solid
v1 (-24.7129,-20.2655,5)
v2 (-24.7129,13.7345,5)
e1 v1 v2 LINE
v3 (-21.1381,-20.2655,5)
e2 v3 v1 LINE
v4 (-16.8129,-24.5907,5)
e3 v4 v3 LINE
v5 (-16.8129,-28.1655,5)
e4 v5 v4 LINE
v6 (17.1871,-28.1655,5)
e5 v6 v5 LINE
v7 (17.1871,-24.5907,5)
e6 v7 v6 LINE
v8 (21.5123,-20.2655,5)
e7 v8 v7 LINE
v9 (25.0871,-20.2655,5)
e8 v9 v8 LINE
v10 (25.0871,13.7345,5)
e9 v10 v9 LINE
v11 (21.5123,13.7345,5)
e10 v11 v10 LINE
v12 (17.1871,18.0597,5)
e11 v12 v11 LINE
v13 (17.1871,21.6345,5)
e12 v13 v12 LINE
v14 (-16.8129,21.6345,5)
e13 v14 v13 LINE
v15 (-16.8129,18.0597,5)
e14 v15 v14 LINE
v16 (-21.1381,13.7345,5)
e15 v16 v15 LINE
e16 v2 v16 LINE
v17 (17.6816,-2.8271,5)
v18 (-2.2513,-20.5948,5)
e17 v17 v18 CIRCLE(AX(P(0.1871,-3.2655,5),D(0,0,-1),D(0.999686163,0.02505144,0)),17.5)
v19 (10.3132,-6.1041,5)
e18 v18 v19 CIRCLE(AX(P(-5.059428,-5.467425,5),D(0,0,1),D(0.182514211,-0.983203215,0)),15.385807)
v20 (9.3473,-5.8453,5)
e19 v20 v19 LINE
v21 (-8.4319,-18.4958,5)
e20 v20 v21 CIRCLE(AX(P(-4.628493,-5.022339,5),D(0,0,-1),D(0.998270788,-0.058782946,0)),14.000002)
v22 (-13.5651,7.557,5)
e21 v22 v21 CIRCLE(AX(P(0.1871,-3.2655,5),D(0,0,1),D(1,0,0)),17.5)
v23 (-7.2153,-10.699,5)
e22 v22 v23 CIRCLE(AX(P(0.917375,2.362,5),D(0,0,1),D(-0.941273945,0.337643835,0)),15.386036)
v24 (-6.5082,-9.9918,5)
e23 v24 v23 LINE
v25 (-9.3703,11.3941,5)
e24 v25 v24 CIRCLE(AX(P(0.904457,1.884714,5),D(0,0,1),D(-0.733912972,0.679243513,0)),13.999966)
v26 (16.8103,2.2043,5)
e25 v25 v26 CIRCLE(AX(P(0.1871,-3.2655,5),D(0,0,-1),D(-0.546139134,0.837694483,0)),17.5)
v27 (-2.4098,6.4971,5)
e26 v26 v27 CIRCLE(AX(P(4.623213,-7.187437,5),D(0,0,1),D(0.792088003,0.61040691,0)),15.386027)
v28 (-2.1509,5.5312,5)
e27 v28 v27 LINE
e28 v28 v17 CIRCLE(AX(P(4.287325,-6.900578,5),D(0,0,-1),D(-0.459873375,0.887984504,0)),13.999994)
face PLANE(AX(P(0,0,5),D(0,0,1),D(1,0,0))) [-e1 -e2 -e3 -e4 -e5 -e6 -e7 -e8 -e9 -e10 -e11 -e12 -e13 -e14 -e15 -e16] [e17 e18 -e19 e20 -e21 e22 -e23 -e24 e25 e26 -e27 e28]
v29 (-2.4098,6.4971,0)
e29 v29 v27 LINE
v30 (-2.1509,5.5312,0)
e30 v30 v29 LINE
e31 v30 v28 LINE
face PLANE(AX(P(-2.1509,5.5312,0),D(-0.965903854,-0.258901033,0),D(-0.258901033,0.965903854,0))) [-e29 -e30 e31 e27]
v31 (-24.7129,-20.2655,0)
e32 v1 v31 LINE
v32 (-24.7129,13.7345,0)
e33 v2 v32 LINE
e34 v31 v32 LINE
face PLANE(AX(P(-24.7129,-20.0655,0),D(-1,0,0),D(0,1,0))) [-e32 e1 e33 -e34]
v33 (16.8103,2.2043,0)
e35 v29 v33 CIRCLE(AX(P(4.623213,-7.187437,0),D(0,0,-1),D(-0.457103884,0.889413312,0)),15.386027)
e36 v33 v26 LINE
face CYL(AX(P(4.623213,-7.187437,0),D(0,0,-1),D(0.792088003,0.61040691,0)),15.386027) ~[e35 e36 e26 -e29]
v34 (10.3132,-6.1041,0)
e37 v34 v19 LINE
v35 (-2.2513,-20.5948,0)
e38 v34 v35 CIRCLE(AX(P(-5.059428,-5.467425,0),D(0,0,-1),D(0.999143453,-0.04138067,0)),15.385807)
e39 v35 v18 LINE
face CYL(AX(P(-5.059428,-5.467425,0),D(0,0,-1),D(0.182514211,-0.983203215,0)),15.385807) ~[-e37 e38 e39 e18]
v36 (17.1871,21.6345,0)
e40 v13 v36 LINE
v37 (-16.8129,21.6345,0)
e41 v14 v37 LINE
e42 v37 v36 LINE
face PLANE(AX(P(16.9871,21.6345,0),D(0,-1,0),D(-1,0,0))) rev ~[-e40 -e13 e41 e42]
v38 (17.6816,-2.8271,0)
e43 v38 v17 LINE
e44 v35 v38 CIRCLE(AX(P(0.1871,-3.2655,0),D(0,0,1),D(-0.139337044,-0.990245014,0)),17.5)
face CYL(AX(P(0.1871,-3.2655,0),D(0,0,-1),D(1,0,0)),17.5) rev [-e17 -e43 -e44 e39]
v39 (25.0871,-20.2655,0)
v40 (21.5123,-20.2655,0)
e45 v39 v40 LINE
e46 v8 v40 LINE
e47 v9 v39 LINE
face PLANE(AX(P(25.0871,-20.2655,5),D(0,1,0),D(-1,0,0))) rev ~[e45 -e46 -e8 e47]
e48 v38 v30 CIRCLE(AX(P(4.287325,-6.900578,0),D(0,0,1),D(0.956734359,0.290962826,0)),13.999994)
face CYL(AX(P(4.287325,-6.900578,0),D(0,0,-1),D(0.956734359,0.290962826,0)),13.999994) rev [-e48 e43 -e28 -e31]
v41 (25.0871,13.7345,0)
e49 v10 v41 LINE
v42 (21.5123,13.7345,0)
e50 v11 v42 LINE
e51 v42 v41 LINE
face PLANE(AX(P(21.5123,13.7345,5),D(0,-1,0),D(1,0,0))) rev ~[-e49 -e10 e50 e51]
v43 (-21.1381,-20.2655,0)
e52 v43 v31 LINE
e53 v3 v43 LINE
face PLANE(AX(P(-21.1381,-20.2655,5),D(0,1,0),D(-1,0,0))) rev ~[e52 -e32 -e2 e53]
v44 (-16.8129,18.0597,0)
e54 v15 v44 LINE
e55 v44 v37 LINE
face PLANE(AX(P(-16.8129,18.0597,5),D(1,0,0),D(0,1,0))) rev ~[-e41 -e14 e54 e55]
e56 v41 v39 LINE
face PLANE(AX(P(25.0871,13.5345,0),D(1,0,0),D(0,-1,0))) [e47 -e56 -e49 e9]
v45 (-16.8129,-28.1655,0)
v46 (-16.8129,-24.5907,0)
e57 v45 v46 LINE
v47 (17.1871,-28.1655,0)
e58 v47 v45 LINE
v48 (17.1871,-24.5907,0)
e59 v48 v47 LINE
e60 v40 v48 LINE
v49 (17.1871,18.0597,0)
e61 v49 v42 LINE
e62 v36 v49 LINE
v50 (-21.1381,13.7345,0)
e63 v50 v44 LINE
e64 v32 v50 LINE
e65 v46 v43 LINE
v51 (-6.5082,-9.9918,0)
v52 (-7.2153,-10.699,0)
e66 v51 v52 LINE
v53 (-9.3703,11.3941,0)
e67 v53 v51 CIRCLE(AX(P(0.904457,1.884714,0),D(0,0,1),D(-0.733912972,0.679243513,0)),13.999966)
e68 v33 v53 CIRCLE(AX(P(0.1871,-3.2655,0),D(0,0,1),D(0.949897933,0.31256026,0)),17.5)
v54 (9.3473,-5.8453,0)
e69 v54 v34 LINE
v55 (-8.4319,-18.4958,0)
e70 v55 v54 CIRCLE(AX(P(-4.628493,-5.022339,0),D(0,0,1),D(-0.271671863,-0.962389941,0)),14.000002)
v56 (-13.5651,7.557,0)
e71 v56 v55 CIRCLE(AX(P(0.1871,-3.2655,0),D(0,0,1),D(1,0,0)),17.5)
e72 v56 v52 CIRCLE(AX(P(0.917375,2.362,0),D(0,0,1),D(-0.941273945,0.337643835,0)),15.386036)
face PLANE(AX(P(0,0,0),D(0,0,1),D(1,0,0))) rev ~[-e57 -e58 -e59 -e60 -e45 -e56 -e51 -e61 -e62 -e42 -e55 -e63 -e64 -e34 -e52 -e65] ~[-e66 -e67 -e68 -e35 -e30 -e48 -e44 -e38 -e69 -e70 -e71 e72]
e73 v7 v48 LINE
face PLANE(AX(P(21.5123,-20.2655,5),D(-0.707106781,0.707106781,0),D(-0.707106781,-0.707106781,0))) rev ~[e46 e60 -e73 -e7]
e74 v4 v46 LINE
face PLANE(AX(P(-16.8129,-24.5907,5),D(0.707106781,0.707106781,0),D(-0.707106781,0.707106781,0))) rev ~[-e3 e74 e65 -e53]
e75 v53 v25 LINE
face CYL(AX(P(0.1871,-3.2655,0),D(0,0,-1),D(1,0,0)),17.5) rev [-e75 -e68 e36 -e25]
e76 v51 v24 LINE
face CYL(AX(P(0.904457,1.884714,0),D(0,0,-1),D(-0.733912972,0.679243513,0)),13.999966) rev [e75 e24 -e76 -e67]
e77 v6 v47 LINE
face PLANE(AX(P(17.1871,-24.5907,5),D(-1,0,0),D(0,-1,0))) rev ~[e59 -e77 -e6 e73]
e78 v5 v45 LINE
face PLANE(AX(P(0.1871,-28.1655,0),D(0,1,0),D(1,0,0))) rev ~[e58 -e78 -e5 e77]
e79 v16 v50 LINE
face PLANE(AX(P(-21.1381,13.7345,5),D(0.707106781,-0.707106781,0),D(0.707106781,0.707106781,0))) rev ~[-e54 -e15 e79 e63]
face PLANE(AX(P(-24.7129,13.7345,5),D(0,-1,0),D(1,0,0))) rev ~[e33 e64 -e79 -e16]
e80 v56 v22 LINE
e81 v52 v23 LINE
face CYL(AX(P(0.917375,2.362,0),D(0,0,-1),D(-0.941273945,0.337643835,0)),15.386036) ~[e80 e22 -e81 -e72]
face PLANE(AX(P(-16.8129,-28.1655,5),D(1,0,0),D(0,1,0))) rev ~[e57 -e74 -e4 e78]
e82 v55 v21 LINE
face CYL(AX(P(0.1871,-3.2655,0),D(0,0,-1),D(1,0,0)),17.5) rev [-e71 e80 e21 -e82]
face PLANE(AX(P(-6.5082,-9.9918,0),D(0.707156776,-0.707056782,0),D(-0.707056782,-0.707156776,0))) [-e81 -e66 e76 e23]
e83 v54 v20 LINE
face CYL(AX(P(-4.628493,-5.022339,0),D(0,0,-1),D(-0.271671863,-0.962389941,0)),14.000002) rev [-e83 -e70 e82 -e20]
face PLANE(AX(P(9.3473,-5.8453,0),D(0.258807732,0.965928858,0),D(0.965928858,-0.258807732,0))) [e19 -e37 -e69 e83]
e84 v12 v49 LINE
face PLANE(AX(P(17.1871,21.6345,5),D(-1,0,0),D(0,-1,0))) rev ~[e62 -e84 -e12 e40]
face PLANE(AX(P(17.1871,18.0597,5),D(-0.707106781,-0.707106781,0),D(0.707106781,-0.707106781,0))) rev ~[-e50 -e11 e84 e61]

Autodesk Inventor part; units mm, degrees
ref_plane "YZ Plane" through (0, 0, 0) normal (1, 0, 0) x (0, 1, 0)
ref_plane "XZ Plane" through (0, 0, 0) normal (0, 1, 0) x (-1, 0, 0)
ref_plane "XY Plane" through (0, 0, 0) normal (0, 0, 1) x (1, 0, 0)
sketch "Sketch1" plane through (0, 0, 0) normal (0, 0, 1) x (1, 0, 0)
  line L0 (21.5871, 13.6345) -> (17.0871, 18.1345) projected
  line L1 (17.0871, 18.1345) -> (-16.7129, 18.1345) projected
  line L2 (-16.7129, 18.1345) -> (-21.2129, 13.6345) projected
  line L3 (-21.0966, 13.6345) -> (-21.0966, -20.1655) projected
  line L4 (21.4709, -20.1655) -> (21.4709, 13.6345) projected
  line L5 (21.4709, -20.1655) -> (17.0871, -24.4078) projected
  line L6 (-16.7129, -24.4078) -> (17.0871, -24.4078) projected
  line L7 (-16.7129, -24.4078) -> (-21.0966, -20.1655) projected
  line L8 (-24.7129, -28.1655) -> (-24.7129, 13.6345) construction
  line L9 (25.0871, -28.1655) -> (-24.7129, -28.1655) construction
  line L10 (25.0871, -28.1655) -> (25.0871, 13.6345) construction
  line L11 (17.0871, 21.6345) -> (-16.7129, 21.6345) construction
  arc A0 (-2.2513, -20.5948) -> (10.3132, -6.1041) centre (-5.0595, -5.4673) ccw
  line L12 (9.3473, -5.8453) -> (10.3132, -6.1041)
  arc A1 (-8.4319, -18.4958) -> (9.3473, -5.8453) centre (-4.6285, -5.0223) ccw
  arc A2 (-13.5651, 7.557) -> (-7.2153, -10.699) centre (0.9173, 2.362) ccw
  line L13 (-6.5082, -9.9918) -> (-7.2153, -10.699)
  arc A3 (-9.3703, 11.3941) -> (-6.5082, -9.9918) centre (0.9045, 1.8847) ccw
  arc A4 (16.8103, 2.2043) -> (-2.4098, 6.4971) centre (4.6233, -7.1873) ccw
  line L14 (-2.1509, 5.5312) -> (-2.4098, 6.4971)
  arc A5 (17.6816, -2.8271) -> (-2.1509, 5.5312) centre (4.2873, -6.9006) ccw
  line L15 (0.1871, -36.5255) -> (0.1871, 21.9945)
  line L16 (14.6206, -3.2655) -> (-14.2825, -3.2655) construction
  line L17 (-21.0552, -20.0655) -> (-16.6129, -24.5078)
  line L18 (-16.6129, -24.5078) -> (-16.6129, -28.1655)
  line L19 (-16.6129, -28.1655) -> (16.9871, -28.1655)
  line L20 (16.9871, -28.1655) -> (16.9871, -24.5078)
  line L21 (16.9871, -24.5078) -> (21.4295, -20.0655)
  line L22 (25.0871, -20.0655) -> (21.4295, -20.0655)
  line L23 (25.0871, 13.5345) -> (25.0871, -20.0655)
  line L24 (21.4295, 13.5345) -> (25.0871, 13.5345)
  line L25 (21.4295, 13.5345) -> (16.9871, 17.9768)
  line L26 (16.9871, 17.9768) -> (16.9871, 21.6345)
  line L27 (16.9871, 21.6345) -> (-16.6129, 21.6345)
  line L28 (-16.6129, 21.6345) -> (-16.6129, 17.9768)
  line L29 (-16.6129, 17.9768) -> (-21.0552, 13.5345)
  line L30 (-24.7129, 13.5345) -> (-21.0552, 13.5345)
  line L31 (-24.7129, -20.0655) -> (-24.7129, 13.5345)
  line L32 (-21.0552, -20.0655) -> (-24.7129, -20.0655)
  circle A6 centre (0.1871, -3.2655) radius 17.5
  point P0 (0, 0)
  point P1 (14.2, -44.8454)
  point P2 (9.8303, -5.9747)
  point P3 (0, 0)
  point P4 (16.9871, 19.8057)
  dimension "d48" = 35
  dimension "d49" = 1
  dimension "d50" = 1
  dimension "d51" = 1
extrude "Extrusion1" add sketch "Sketch1" along normal blind 5 contours L26 L25 L24 L4 L22 L21 L6 L15 A6 L1 | L1 L15 L27 L26 | L15 A6 L6 L17 L32 L3 L30 L29 L28 L1 | L1 L28 L27 L15 | L15 A5 L14 A4 | A4 A6 A5 L15 | A3 L13 A2 A6 | L24 L23 L22 L4 | L3 L32 L31 L30 | L15 A0 A6 A1 | A1 L12 A0 L15 | L21 L20 L19 L15 L6 | L15 L19 L18 L17 L6
sketch "Skizze3" plane through (0, 0, 5) normal (0, 0, 1) x (1, 0, 0)
  arc A0 (-2.2513, -20.5948) -> (17.6816, -2.8271) centre (0.1871, -3.2655) ccw construction
  arc A1 (-2.2513, -20.5948) -> (10.3132, -6.1041) centre (-5.0595, -5.4673) ccw construction
  line L0 (10.3132, -6.1041) -> (9.3473, -5.8453) construction
  arc A2 (-8.4319, -18.4958) -> (9.3473, -5.8453) centre (-4.6285, -5.0223) ccw construction
  arc A3 (-13.5651, 7.557) -> (-8.4319, -18.4958) centre (0.1871, -3.2655) ccw construction
  arc A4 (-13.5651, 7.557) -> (-7.2153, -10.699) centre (0.9173, 2.362) ccw construction
  line L1 (-7.2153, -10.699) -> (-6.5082, -9.9918) construction
  arc A5 (-9.3703, 11.3941) -> (-6.5082, -9.9918) centre (0.9045, 1.8847) ccw construction
  arc A6 (16.8103, 2.2043) -> (-9.3703, 11.3941) centre (0.1871, -3.2655) ccw construction
  arc A7 (16.8103, 2.2043) -> (-2.4098, 6.4971) centre (4.6233, -7.1873) ccw construction
  line L2 (-2.4098, 6.4971) -> (-2.1509, 5.5312) construction
  arc A8 (17.6816, -2.8271) -> (-2.1509, 5.5312) centre (4.2873, -6.9006) ccw construction
  line L3 (-21.0552, -20.0655) -> (-16.6129, -24.5078) projected
  line L4 (-16.6129, -24.5078) -> (-16.6129, -28.1655) projected
  line L5 (-16.6129, -28.1655) -> (16.9871, -28.1655) construction
  line L6 (16.9871, -28.1655) -> (16.9871, -24.5078) projected
  line L7 (16.9871, -24.5078) -> (21.4295, -20.0655) projected
  line L8 (21.4295, -20.0655) -> (25.0871, -20.0655) projected
  line L9 (25.0871, -20.0655) -> (25.0871, 13.5345) construction
  line L10 (25.0871, 13.5345) -> (21.4295, 13.5345) projected
  line L11 (21.4295, 13.5345) -> (16.9871, 17.9768) projected
  line L12 (16.9871, 17.9768) -> (16.9871, 21.6345) projected
  line L13 (16.9871, 21.6345) -> (-16.6129, 21.6345) construction
  line L14 (-16.6129, 21.6345) -> (-16.6129, 17.9768) projected
  line L15 (-16.6129, 17.9768) -> (-21.0552, 13.5345) projected
  line L16 (-21.0552, 13.5345) -> (-24.7129, 13.5345) projected
  line L17 (-24.7129, 13.5345) -> (-24.7129, -20.0655) construction
  line L18 (-24.7129, -20.0655) -> (-21.0552, -20.0655) projected
  line L19 (-16.8129, 21.8345) -> (17.1871, 21.8345) construction
  line L20 (17.1871, 21.8345) -> (17.1871, 18.0597)
  line L21 (17.1871, 18.0597) -> (21.5123, 13.7345)
  line L22 (21.5123, 13.7345) -> (25.2871, 13.7345)
  line L23 (25.2871, 13.7345) -> (25.2871, -20.2655) construction
  line L24 (25.2871, -20.2655) -> (21.5123, -20.2655)
  line L25 (21.5123, -20.2655) -> (17.1871, -24.5907)
  line L26 (17.1871, -24.5907) -> (17.1871, -28.3655)
  line L27 (17.1871, -28.3655) -> (-16.8129, -28.3655) construction
  line L28 (-16.8129, -28.3655) -> (-16.8129, -24.5907)
  line L29 (-16.8129, -24.5907) -> (-21.1381, -20.2655)
  line L30 (-21.1381, -20.2655) -> (-24.9129, -20.2655)
  line L31 (-24.9129, -20.2655) -> (-24.9129, 13.7345) construction
  line L32 (-24.9129, 13.7345) -> (-21.1381, 13.7345)
  line L33 (-21.1381, 13.7345) -> (-16.8129, 18.0597)
  line L34 (-16.8129, 18.0597) -> (-16.8129, 21.8345)
  line L35 (-21.0552, 13.5345) -> (-24.7129, 13.5345) projected
  line L36 (-24.7129, 13.5345) -> (-24.7129, 13.7345)
  line L37 (-16.6129, 21.6345) -> (-16.8129, 21.6345)
  line L38 (16.9871, 21.6345) -> (17.1871, 21.6345)
  line L39 (25.0871, 13.5345) -> (25.0871, 13.7345)
  line L40 (25.0871, -20.0655) -> (25.0871, -20.2655)
  line L41 (-16.6129, -28.1655) -> (16.9871, -28.1655) projected
  line L42 (16.9871, -28.1655) -> (17.1871, -28.1655)
  line L43 (-16.6129, -28.1655) -> (-16.8129, -28.1655)
  line L44 (-24.7129, -20.0655) -> (-24.7129, -20.2655)
  point P0 (0, 0)
  dimension "d52" = 0.2
extrude "IM_offset" add sketch "Skizze3" against normal up to surface (5 mm away)
properties part number "20_Cube_Insert_Holder-okular+flashlight_v3"
